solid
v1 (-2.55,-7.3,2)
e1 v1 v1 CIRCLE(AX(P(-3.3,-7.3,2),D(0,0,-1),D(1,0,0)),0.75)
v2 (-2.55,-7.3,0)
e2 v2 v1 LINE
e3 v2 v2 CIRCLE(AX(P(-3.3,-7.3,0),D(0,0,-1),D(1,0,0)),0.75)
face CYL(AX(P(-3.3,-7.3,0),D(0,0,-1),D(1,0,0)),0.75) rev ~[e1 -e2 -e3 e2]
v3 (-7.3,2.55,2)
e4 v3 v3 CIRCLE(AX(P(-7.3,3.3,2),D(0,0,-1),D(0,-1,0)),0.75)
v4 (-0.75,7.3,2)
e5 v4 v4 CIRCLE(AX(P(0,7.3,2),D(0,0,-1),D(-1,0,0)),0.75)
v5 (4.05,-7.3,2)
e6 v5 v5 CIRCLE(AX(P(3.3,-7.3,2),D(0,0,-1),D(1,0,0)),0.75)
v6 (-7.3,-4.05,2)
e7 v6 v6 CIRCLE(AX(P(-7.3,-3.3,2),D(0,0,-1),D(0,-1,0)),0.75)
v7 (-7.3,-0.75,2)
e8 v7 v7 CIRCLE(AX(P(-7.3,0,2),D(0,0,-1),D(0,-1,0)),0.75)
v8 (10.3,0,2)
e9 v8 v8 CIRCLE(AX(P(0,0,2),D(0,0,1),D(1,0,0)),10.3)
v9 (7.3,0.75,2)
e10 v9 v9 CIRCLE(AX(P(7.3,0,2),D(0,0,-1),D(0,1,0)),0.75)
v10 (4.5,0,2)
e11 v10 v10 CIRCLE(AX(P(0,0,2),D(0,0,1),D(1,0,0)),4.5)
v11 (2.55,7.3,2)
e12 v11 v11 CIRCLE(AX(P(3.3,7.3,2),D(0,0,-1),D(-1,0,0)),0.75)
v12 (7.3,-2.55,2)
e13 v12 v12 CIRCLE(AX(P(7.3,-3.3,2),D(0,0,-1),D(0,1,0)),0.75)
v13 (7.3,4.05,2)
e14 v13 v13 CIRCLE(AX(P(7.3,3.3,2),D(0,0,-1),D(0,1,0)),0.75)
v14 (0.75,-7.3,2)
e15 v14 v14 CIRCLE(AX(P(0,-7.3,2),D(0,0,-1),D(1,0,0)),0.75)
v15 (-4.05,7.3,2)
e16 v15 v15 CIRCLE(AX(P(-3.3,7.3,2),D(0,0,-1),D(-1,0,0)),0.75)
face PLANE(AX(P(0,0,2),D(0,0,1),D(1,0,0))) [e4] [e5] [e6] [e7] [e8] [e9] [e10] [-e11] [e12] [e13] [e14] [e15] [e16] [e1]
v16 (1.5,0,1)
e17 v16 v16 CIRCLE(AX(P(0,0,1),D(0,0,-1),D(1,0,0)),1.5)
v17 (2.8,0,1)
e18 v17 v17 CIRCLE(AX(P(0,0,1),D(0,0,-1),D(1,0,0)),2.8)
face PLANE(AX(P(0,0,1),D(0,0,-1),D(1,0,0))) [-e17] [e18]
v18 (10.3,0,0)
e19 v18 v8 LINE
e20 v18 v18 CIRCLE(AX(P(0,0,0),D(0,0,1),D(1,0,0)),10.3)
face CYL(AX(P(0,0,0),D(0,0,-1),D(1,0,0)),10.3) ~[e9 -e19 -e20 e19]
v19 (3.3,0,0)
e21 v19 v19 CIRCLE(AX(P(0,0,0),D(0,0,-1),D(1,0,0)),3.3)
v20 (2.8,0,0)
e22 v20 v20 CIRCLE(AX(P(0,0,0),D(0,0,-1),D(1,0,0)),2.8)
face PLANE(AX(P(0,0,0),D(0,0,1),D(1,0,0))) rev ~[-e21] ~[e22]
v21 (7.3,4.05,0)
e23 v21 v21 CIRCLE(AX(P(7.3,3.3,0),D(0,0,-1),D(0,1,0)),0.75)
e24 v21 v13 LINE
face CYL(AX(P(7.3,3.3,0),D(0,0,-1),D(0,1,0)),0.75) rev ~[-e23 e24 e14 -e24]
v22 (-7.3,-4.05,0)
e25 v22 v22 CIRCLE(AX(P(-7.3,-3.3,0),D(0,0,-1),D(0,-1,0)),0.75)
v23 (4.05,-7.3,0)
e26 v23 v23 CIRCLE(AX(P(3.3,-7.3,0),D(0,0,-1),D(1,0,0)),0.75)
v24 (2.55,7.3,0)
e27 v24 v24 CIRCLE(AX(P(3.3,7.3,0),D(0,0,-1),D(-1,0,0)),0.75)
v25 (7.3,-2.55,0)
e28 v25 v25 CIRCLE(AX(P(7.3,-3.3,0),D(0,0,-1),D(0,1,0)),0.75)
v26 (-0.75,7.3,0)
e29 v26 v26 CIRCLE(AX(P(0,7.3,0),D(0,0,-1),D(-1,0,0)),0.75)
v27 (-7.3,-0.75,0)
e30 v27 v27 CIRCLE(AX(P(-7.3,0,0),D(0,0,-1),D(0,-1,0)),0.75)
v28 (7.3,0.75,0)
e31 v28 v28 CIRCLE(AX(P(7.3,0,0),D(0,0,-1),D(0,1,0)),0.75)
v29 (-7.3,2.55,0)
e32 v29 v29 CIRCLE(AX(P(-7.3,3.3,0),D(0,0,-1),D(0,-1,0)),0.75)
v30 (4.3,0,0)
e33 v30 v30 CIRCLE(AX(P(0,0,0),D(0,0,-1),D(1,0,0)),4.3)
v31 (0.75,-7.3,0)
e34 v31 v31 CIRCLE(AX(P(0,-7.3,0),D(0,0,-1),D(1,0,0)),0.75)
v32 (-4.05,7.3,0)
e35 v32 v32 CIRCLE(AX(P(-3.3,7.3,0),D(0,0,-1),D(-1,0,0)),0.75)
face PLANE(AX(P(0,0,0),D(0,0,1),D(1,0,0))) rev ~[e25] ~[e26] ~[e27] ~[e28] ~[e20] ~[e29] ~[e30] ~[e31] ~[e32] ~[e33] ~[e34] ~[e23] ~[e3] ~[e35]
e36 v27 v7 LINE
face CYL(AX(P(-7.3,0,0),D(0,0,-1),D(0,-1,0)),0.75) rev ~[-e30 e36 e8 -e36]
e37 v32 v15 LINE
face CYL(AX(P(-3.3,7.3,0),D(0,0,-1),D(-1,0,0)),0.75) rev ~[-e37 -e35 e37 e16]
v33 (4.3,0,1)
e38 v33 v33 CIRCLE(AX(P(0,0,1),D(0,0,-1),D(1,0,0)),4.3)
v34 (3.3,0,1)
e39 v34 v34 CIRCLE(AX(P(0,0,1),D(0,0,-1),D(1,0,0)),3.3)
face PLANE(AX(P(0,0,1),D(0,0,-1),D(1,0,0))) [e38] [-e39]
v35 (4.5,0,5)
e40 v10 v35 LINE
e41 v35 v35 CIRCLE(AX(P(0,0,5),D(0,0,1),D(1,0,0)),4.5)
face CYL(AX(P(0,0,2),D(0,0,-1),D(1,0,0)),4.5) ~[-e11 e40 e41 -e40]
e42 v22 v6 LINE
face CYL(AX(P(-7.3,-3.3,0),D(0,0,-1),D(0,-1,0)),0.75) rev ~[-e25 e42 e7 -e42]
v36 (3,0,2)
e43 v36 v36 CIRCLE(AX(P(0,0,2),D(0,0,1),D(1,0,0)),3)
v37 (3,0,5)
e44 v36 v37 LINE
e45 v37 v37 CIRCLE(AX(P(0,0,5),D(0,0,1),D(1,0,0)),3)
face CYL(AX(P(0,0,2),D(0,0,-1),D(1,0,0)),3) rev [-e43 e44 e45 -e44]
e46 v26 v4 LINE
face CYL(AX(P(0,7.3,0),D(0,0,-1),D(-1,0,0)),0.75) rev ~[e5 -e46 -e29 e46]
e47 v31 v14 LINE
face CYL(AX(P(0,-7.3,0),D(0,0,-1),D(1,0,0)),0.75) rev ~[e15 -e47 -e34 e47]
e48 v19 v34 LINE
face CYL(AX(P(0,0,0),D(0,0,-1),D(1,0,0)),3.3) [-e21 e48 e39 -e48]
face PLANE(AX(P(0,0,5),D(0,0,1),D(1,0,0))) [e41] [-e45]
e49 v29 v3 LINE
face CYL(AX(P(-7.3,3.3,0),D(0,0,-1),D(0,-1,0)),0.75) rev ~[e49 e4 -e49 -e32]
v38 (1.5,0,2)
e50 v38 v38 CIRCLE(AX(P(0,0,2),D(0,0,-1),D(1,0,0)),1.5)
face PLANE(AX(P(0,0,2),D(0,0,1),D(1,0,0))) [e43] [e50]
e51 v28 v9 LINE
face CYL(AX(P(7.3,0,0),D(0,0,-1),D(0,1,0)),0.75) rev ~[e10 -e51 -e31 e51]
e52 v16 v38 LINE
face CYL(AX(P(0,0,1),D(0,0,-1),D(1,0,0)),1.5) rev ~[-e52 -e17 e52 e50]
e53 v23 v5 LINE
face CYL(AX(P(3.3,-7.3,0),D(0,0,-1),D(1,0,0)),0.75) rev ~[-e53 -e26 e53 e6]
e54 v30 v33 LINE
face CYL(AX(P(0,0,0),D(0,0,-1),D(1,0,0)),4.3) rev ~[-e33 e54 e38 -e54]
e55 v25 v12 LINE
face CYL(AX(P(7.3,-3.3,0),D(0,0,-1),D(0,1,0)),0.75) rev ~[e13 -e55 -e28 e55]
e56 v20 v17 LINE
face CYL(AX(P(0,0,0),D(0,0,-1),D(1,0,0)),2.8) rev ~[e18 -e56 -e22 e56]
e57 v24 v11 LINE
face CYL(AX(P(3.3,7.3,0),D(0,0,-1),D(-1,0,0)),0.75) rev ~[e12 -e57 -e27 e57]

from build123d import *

# Parameters (mm, degrees)
SKETCH_R           = 10.3
PAD_DEPTH          = 2
SKETCH001_R        = 4.3
SKETCH001_R_2      = 3.3
POCKET_DEPTH       = 1
SKETCH002_R        = 2.8
POCKET001_DEPTH    = 1
SKETCH003_R        = 1.5
POCKET002_DEPTH    = 1.001
SKETCH004_R        = 4.5
SKETCH004_R_2      = 3
PAD001_DEPTH       = 3
SKETCH005_R        = 0.75
POCKET003_DEPTH    = 5
POLARPATTERN_COUNT = 4


with BuildPart() as part:
    # Sketch → Pad (new body)
    with BuildSketch(Plane.XY):
        Circle(SKETCH_R)
    extrude(amount=PAD_DEPTH)

    # Sketch001 (on Face2 of Pad) → Pocket (cut)
    with BuildSketch(Plane(origin=(0, 0, 0), x_dir=(1, 0, 0), z_dir=(0, 0, -1))):
        Circle(SKETCH001_R)
        Circle(SKETCH001_R_2, mode=Mode.SUBTRACT)
    extrude(amount=-POCKET_DEPTH, mode=Mode.SUBTRACT)

    # Sketch002 (on Face7 of Pocket) → Pocket001 (cut)
    with BuildSketch(Plane(origin=(0, 0, 0), x_dir=(1, 0, 0), z_dir=(0, 0, -1))):
        Circle(SKETCH002_R)
    extrude(amount=-POCKET001_DEPTH, mode=Mode.SUBTRACT)

    # Sketch003 (on Face9 of Pocket001) → Pocket002 (cut, through all)
    with BuildSketch(Plane(origin=(0, 0, 1), x_dir=(1, 0, 0), z_dir=(0, 0, -1))):
        Circle(SKETCH003_R)
    extrude(amount=-POCKET002_DEPTH, mode=Mode.SUBTRACT)

    # Sketch004 (on Face3 of Pocket002) → Pad001 (join)
    with BuildSketch(Plane.XY.offset(2)):
        Circle(SKETCH004_R)
        Circle(SKETCH004_R_2, mode=Mode.SUBTRACT)
    extrude(amount=PAD001_DEPTH)

    # Sketch005 (on Face2 of Pad001) → Pocket003 (cut)
    with BuildSketch(Plane(origin=(0, 0, 0), x_dir=(1, 0, 0), z_dir=(0, 0, -1))):
        with Locations((-3.3, 7.3)):
            Circle(SKETCH005_R)
        with Locations((0, 7.3)):
            Circle(SKETCH005_R)
        with Locations((3.3, 7.3)):
            Circle(SKETCH005_R)
    pocket003 = extrude(amount=-POCKET003_DEPTH, mode=Mode.SUBTRACT)

    # PolarPattern: Pocket003 ×4 about axis
    polarpattern_axis = Axis((0, 0, 0), (0, 0, -1))
    for i in range(1, POLARPATTERN_COUNT):
        add(pocket003.rotate(polarpattern_axis, i * 360 / POLARPATTERN_COUNT), mode=Mode.SUBTRACT)


solid = part.part
